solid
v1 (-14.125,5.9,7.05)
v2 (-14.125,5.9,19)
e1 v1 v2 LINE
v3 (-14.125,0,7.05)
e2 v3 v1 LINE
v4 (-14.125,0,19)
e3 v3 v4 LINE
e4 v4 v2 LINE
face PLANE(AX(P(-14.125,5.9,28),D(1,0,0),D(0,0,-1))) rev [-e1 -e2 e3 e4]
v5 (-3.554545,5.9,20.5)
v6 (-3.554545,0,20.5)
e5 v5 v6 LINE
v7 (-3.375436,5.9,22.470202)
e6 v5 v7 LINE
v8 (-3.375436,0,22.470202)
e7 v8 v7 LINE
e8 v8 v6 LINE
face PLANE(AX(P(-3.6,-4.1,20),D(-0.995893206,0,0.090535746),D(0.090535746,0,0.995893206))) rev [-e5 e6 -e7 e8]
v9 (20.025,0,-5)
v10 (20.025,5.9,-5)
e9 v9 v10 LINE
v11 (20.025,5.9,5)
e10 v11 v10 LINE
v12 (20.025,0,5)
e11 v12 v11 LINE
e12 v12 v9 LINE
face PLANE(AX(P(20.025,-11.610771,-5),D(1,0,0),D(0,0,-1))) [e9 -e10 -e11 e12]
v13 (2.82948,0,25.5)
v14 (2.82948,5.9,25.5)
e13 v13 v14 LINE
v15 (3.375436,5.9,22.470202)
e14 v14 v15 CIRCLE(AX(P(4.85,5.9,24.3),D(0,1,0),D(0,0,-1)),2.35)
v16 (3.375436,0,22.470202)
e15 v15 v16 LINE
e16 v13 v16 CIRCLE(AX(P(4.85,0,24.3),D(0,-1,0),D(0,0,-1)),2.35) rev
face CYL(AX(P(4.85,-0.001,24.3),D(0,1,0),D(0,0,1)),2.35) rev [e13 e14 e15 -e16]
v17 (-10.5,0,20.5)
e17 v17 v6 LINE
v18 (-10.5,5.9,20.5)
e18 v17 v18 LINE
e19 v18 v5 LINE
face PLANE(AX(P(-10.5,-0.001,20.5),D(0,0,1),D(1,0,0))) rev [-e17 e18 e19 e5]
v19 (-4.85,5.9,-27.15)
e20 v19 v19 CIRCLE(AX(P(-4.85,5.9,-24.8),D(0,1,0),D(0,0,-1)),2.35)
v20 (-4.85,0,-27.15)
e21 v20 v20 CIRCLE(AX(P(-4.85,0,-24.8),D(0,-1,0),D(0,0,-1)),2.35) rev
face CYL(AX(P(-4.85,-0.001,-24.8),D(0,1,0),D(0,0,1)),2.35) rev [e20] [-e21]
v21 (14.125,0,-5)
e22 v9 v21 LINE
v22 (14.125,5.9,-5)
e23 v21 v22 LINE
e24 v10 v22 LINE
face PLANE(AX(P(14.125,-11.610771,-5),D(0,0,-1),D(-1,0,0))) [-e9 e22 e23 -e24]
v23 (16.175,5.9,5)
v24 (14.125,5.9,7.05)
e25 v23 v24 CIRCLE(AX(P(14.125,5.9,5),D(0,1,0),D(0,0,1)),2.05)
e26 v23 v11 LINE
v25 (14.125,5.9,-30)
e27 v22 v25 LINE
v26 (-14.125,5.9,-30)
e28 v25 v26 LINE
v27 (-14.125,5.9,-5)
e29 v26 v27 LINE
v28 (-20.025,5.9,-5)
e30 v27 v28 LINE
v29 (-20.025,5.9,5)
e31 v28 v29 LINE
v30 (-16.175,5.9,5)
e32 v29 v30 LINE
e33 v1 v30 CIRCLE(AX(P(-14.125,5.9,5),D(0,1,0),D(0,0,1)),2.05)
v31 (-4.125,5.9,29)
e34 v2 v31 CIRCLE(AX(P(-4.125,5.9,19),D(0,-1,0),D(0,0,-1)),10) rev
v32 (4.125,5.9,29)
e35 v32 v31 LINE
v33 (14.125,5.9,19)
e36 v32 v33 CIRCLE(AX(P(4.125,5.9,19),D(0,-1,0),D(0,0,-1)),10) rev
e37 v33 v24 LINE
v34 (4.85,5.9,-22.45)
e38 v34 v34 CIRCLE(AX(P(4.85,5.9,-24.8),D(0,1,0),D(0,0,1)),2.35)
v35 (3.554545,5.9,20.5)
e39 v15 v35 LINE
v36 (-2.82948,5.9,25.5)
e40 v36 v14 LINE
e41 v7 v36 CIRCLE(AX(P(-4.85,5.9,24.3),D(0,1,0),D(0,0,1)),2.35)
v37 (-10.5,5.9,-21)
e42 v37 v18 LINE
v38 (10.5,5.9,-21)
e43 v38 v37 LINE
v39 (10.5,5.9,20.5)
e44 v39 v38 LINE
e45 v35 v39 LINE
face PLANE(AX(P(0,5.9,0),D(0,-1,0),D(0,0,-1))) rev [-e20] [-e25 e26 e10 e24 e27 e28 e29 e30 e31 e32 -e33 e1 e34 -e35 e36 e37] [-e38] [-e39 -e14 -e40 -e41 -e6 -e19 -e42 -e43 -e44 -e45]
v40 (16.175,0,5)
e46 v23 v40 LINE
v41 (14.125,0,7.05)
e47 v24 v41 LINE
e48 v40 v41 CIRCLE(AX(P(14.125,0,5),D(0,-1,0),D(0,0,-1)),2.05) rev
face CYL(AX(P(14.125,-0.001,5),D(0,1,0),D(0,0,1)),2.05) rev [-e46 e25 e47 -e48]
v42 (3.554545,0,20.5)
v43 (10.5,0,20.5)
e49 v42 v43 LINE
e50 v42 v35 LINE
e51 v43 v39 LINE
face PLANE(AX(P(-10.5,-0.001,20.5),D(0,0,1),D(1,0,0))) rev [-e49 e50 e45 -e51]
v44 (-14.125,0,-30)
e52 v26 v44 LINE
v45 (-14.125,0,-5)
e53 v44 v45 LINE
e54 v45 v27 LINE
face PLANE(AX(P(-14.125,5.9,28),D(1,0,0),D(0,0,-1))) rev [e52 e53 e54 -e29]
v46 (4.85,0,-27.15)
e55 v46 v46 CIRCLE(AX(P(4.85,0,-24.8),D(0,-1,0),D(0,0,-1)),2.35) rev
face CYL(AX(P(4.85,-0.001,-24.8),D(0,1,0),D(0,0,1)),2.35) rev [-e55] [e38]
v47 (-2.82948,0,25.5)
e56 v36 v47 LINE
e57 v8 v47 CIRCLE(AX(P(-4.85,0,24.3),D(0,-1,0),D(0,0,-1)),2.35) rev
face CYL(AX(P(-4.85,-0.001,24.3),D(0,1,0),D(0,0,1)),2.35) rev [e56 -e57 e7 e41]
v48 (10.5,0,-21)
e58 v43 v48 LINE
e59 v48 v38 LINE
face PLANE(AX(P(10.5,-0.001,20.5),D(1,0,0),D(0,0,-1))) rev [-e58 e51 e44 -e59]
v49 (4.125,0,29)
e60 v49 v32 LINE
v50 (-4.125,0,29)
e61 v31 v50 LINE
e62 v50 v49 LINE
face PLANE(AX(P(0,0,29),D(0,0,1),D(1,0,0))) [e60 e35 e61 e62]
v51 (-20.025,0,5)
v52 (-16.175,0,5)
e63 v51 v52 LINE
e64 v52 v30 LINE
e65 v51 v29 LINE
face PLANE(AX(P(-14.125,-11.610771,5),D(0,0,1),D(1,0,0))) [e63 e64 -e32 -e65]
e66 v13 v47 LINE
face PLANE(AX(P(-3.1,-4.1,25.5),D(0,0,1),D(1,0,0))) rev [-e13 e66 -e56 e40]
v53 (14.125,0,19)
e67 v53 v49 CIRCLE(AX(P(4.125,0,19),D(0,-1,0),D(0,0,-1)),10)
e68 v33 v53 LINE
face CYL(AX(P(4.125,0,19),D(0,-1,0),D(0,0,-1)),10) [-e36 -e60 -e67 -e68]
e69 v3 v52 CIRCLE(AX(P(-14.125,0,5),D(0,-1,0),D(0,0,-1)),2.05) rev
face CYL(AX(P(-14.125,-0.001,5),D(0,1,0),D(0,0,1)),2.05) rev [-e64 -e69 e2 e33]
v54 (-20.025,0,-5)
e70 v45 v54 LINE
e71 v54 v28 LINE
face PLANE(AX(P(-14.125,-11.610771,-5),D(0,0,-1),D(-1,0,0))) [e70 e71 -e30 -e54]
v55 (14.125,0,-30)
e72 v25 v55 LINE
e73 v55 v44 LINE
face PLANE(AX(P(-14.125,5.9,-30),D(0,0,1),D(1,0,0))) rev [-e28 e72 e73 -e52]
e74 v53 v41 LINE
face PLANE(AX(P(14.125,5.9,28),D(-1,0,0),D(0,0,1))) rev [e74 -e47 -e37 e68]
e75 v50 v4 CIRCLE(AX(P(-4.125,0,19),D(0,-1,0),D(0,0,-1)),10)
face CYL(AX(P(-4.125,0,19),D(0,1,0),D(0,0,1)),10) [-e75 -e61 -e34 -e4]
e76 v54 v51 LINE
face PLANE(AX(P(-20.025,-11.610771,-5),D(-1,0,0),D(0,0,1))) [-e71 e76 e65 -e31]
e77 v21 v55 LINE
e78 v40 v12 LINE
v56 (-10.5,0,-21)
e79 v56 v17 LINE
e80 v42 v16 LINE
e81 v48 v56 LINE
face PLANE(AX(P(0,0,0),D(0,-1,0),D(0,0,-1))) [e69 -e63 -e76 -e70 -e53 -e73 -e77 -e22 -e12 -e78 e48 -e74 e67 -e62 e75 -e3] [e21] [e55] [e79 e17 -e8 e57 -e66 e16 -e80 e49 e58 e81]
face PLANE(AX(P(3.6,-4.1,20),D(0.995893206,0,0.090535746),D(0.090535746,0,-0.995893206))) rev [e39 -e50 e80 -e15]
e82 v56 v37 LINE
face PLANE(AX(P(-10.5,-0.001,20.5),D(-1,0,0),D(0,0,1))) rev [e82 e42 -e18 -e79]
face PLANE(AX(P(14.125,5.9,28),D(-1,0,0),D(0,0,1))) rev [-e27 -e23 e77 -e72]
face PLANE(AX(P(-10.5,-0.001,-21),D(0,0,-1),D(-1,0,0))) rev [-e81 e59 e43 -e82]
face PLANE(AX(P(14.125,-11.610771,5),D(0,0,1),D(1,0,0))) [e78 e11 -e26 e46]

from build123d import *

# Parameters (mm, degrees)
SKETCH1_W           = 28.25
SKETCH1_H           = 58
BOSS_EXTRUDE1_DEPTH = 5.9
CUT_EXTRUDE1_REACH  = 7.9
SKETCH2_R           = 2.35
SKETCH2_W           = 20
SKETCH2_H           = 40.5
SKETCH3_W           = 5.9
SKETCH3_H           = 10
BOSS_EXTRUDE2_DEPTH = 5.9
CUT_EXTRUDE2_REACH  = 7.9
SKETCH4_R           = 2.05
CUT_EXTRUDE3_DEPTH  = 10
SKETCH6_W           = 28.25
SKETCH6_H           = 5.9
BOSS_EXTRUDE3_DEPTH = 1
FILLET1_R           = 10
CUT_EXTRUDE4_REACH  = 7.9
SKETCH7_W           = 21
SKETCH7_H           = 41.5


with BuildPart() as part:
    # Sketch1 → Boss-Extrude1 (new body)
    with BuildSketch(Plane(origin=(0, 0, 0), x_dir=(1, 0, 0), z_dir=(0, 1, 0))):
        with Locations((0, 1)):
            Rectangle(SKETCH1_W, SKETCH1_H)
    extrude(amount=BOSS_EXTRUDE1_DEPTH)

    # Sketch2 → Cut-Extrude1 (cut, up to next)
    with BuildSketch(Plane(origin=(0, 5.9, 0), x_dir=(1, 0, 0), z_dir=(0, 1, 0)), mode=Mode.PRIVATE) as cut_extrude1_sk1:
        with Locations((-4.85, -24.3)):
            Circle(SKETCH2_R)
    cut_extrude1_tool1 = extrude(cut_extrude1_sk1.sketch, amount=-CUT_EXTRUDE1_REACH, mode=Mode.PRIVATE) & part.part
    add(cut_extrude1_tool1.solids().sort_by_distance((-4.85, 5.9, 24.3))[0], mode=Mode.SUBTRACT)
    # Sketch2 → Cut-Extrude1 (cut, up to next)
    with BuildSketch(Plane(origin=(0, 5.9, 0), x_dir=(1, 0, 0), z_dir=(0, 1, 0)), mode=Mode.PRIVATE) as cut_extrude1_sk2:
        with Locations((-4.85, 24.8)):
            Circle(SKETCH2_R)
    cut_extrude1_tool2 = extrude(cut_extrude1_sk2.sketch, amount=-CUT_EXTRUDE1_REACH, mode=Mode.PRIVATE) & part.part
    add(cut_extrude1_tool2.solids().sort_by_distance((-4.85, 5.9, -24.8))[0], mode=Mode.SUBTRACT)
    # Sketch2 → Cut-Extrude1 (cut, up to next)
    with BuildSketch(Plane(origin=(0, 5.9, 0), x_dir=(1, 0, 0), z_dir=(0, 1, 0)), mode=Mode.PRIVATE) as cut_extrude1_sk3:
        with Locations((4.85, 24.8)):
            Circle(SKETCH2_R)
    cut_extrude1_tool3 = extrude(cut_extrude1_sk3.sketch, amount=-CUT_EXTRUDE1_REACH, mode=Mode.PRIVATE) & part.part
    add(cut_extrude1_tool3.solids().sort_by_distance((4.85, 5.9, -24.8))[0], mode=Mode.SUBTRACT)
    # Sketch2 → Cut-Extrude1 (cut, up to next)
    with BuildSketch(Plane(origin=(0, 5.9, 0), x_dir=(1, 0, 0), z_dir=(0, 1, 0)), mode=Mode.PRIVATE) as cut_extrude1_sk4:
        with Locations((4.85, -24.3)):
            Circle(SKETCH2_R)
    cut_extrude1_tool4 = extrude(cut_extrude1_sk4.sketch, amount=-CUT_EXTRUDE1_REACH, mode=Mode.PRIVATE) & part.part
    add(cut_extrude1_tool4.solids().sort_by_distance((4.85, 5.9, 24.3))[0], mode=Mode.SUBTRACT)
    # Sketch2 → Cut-Extrude1 (cut, up to next)
    with BuildSketch(Plane(origin=(0, 5.9, 0), x_dir=(1, 0, 0), z_dir=(0, 1, 0)), mode=Mode.PRIVATE) as cut_extrude1_sk5:
        with Locations((0, 0.25)):
            Rectangle(SKETCH2_W, SKETCH2_H)
    cut_extrude1_tool5 = extrude(cut_extrude1_sk5.sketch, amount=-CUT_EXTRUDE1_REACH, mode=Mode.PRIVATE) & part.part
    add(cut_extrude1_tool5.solids().sort_by_distance((0, 5.9, -0.25))[0], mode=Mode.SUBTRACT)

    # Sketch3 → Boss-Extrude2 (add)
    with BuildSketch(Plane(origin=(0, 5.9, 0), x_dir=(1, 0, 0), z_dir=(0, 1, 0))):
        with Locations((-17.075, 0)):
            Rectangle(SKETCH3_W, SKETCH3_H)
        with Locations((17.075, 0)):
            Rectangle(SKETCH3_W, SKETCH3_H)
    extrude(amount=-BOSS_EXTRUDE2_DEPTH)

    # Sketch4 → Cut-Extrude2 (cut, up to next)
    with BuildSketch(Plane(origin=(0, 5.9, 0), x_dir=(1, 0, 0), z_dir=(0, 1, 0)), mode=Mode.PRIVATE) as cut_extrude2_sk1:
        with Locations((-14.125, -5)):
            Circle(SKETCH4_R)
    cut_extrude2_tool1 = extrude(cut_extrude2_sk1.sketch, amount=-CUT_EXTRUDE2_REACH, mode=Mode.PRIVATE) & part.part
    add(cut_extrude2_tool1.solids().sort_by_distance((-14.125, 5.9, 5))[0], mode=Mode.SUBTRACT)
    # Sketch4 → Cut-Extrude2 (cut, up to next)
    with BuildSketch(Plane(origin=(0, 5.9, 0), x_dir=(1, 0, 0), z_dir=(0, 1, 0)), mode=Mode.PRIVATE) as cut_extrude2_sk2:
        with Locations((14.125, -5)):
            Circle(SKETCH4_R)
    cut_extrude2_tool2 = extrude(cut_extrude2_sk2.sketch, amount=-CUT_EXTRUDE2_REACH, mode=Mode.PRIVATE) & part.part
    add(cut_extrude2_tool2.solids().sort_by_distance((14.125, 5.9, 5))[0], mode=Mode.SUBTRACT)

    # Sketch5 → Cut-Extrude3 (cut)
    with BuildSketch(Plane(origin=(0, 5.9, 0), x_dir=(1, 0, 0), z_dir=(0, 1, 0))):
        Polygon((3.1, -20), (3.6, -20), (3.1, -25.5), (-3.1, -25.5), (-3.6, -20), (-3.1, -20), (0, -20), align=None)
    extrude(amount=-CUT_EXTRUDE3_DEPTH, mode=Mode.SUBTRACT)

    # Sketch6 → Boss-Extrude3 (add)
    with BuildSketch(Plane.XY.offset(28)):
        with Locations((0, 2.95)):
            Rectangle(SKETCH6_W, SKETCH6_H)
    extrude(amount=BOSS_EXTRUDE3_DEPTH)

    # Fillet1
    fillet1_edges = [part.edges().sort_by_distance(p)[0] for p in [
        (-14.125, 2.95, 29),
        (14.125, 2.95, 29),
    ]]
    fillet(fillet1_edges, radius=FILLET1_R)

    # Sketch7 → Cut-Extrude4 (cut, up to next)
    with BuildSketch(Plane(origin=(0, 5.9, 0), x_dir=(1, 0, 0), z_dir=(0, 1, 0)), mode=Mode.PRIVATE) as cut_extrude4_sk1:
        with Locations((0, 0.25)):
            Rectangle(SKETCH7_W, SKETCH7_H)
    cut_extrude4_tool1 = extrude(cut_extrude4_sk1.sketch, amount=-CUT_EXTRUDE4_REACH, mode=Mode.PRIVATE) & part.part
    add(cut_extrude4_tool1.solids().sort_by_distance((0, 5.9, -0.25))[0], mode=Mode.SUBTRACT)


solid = part.part
